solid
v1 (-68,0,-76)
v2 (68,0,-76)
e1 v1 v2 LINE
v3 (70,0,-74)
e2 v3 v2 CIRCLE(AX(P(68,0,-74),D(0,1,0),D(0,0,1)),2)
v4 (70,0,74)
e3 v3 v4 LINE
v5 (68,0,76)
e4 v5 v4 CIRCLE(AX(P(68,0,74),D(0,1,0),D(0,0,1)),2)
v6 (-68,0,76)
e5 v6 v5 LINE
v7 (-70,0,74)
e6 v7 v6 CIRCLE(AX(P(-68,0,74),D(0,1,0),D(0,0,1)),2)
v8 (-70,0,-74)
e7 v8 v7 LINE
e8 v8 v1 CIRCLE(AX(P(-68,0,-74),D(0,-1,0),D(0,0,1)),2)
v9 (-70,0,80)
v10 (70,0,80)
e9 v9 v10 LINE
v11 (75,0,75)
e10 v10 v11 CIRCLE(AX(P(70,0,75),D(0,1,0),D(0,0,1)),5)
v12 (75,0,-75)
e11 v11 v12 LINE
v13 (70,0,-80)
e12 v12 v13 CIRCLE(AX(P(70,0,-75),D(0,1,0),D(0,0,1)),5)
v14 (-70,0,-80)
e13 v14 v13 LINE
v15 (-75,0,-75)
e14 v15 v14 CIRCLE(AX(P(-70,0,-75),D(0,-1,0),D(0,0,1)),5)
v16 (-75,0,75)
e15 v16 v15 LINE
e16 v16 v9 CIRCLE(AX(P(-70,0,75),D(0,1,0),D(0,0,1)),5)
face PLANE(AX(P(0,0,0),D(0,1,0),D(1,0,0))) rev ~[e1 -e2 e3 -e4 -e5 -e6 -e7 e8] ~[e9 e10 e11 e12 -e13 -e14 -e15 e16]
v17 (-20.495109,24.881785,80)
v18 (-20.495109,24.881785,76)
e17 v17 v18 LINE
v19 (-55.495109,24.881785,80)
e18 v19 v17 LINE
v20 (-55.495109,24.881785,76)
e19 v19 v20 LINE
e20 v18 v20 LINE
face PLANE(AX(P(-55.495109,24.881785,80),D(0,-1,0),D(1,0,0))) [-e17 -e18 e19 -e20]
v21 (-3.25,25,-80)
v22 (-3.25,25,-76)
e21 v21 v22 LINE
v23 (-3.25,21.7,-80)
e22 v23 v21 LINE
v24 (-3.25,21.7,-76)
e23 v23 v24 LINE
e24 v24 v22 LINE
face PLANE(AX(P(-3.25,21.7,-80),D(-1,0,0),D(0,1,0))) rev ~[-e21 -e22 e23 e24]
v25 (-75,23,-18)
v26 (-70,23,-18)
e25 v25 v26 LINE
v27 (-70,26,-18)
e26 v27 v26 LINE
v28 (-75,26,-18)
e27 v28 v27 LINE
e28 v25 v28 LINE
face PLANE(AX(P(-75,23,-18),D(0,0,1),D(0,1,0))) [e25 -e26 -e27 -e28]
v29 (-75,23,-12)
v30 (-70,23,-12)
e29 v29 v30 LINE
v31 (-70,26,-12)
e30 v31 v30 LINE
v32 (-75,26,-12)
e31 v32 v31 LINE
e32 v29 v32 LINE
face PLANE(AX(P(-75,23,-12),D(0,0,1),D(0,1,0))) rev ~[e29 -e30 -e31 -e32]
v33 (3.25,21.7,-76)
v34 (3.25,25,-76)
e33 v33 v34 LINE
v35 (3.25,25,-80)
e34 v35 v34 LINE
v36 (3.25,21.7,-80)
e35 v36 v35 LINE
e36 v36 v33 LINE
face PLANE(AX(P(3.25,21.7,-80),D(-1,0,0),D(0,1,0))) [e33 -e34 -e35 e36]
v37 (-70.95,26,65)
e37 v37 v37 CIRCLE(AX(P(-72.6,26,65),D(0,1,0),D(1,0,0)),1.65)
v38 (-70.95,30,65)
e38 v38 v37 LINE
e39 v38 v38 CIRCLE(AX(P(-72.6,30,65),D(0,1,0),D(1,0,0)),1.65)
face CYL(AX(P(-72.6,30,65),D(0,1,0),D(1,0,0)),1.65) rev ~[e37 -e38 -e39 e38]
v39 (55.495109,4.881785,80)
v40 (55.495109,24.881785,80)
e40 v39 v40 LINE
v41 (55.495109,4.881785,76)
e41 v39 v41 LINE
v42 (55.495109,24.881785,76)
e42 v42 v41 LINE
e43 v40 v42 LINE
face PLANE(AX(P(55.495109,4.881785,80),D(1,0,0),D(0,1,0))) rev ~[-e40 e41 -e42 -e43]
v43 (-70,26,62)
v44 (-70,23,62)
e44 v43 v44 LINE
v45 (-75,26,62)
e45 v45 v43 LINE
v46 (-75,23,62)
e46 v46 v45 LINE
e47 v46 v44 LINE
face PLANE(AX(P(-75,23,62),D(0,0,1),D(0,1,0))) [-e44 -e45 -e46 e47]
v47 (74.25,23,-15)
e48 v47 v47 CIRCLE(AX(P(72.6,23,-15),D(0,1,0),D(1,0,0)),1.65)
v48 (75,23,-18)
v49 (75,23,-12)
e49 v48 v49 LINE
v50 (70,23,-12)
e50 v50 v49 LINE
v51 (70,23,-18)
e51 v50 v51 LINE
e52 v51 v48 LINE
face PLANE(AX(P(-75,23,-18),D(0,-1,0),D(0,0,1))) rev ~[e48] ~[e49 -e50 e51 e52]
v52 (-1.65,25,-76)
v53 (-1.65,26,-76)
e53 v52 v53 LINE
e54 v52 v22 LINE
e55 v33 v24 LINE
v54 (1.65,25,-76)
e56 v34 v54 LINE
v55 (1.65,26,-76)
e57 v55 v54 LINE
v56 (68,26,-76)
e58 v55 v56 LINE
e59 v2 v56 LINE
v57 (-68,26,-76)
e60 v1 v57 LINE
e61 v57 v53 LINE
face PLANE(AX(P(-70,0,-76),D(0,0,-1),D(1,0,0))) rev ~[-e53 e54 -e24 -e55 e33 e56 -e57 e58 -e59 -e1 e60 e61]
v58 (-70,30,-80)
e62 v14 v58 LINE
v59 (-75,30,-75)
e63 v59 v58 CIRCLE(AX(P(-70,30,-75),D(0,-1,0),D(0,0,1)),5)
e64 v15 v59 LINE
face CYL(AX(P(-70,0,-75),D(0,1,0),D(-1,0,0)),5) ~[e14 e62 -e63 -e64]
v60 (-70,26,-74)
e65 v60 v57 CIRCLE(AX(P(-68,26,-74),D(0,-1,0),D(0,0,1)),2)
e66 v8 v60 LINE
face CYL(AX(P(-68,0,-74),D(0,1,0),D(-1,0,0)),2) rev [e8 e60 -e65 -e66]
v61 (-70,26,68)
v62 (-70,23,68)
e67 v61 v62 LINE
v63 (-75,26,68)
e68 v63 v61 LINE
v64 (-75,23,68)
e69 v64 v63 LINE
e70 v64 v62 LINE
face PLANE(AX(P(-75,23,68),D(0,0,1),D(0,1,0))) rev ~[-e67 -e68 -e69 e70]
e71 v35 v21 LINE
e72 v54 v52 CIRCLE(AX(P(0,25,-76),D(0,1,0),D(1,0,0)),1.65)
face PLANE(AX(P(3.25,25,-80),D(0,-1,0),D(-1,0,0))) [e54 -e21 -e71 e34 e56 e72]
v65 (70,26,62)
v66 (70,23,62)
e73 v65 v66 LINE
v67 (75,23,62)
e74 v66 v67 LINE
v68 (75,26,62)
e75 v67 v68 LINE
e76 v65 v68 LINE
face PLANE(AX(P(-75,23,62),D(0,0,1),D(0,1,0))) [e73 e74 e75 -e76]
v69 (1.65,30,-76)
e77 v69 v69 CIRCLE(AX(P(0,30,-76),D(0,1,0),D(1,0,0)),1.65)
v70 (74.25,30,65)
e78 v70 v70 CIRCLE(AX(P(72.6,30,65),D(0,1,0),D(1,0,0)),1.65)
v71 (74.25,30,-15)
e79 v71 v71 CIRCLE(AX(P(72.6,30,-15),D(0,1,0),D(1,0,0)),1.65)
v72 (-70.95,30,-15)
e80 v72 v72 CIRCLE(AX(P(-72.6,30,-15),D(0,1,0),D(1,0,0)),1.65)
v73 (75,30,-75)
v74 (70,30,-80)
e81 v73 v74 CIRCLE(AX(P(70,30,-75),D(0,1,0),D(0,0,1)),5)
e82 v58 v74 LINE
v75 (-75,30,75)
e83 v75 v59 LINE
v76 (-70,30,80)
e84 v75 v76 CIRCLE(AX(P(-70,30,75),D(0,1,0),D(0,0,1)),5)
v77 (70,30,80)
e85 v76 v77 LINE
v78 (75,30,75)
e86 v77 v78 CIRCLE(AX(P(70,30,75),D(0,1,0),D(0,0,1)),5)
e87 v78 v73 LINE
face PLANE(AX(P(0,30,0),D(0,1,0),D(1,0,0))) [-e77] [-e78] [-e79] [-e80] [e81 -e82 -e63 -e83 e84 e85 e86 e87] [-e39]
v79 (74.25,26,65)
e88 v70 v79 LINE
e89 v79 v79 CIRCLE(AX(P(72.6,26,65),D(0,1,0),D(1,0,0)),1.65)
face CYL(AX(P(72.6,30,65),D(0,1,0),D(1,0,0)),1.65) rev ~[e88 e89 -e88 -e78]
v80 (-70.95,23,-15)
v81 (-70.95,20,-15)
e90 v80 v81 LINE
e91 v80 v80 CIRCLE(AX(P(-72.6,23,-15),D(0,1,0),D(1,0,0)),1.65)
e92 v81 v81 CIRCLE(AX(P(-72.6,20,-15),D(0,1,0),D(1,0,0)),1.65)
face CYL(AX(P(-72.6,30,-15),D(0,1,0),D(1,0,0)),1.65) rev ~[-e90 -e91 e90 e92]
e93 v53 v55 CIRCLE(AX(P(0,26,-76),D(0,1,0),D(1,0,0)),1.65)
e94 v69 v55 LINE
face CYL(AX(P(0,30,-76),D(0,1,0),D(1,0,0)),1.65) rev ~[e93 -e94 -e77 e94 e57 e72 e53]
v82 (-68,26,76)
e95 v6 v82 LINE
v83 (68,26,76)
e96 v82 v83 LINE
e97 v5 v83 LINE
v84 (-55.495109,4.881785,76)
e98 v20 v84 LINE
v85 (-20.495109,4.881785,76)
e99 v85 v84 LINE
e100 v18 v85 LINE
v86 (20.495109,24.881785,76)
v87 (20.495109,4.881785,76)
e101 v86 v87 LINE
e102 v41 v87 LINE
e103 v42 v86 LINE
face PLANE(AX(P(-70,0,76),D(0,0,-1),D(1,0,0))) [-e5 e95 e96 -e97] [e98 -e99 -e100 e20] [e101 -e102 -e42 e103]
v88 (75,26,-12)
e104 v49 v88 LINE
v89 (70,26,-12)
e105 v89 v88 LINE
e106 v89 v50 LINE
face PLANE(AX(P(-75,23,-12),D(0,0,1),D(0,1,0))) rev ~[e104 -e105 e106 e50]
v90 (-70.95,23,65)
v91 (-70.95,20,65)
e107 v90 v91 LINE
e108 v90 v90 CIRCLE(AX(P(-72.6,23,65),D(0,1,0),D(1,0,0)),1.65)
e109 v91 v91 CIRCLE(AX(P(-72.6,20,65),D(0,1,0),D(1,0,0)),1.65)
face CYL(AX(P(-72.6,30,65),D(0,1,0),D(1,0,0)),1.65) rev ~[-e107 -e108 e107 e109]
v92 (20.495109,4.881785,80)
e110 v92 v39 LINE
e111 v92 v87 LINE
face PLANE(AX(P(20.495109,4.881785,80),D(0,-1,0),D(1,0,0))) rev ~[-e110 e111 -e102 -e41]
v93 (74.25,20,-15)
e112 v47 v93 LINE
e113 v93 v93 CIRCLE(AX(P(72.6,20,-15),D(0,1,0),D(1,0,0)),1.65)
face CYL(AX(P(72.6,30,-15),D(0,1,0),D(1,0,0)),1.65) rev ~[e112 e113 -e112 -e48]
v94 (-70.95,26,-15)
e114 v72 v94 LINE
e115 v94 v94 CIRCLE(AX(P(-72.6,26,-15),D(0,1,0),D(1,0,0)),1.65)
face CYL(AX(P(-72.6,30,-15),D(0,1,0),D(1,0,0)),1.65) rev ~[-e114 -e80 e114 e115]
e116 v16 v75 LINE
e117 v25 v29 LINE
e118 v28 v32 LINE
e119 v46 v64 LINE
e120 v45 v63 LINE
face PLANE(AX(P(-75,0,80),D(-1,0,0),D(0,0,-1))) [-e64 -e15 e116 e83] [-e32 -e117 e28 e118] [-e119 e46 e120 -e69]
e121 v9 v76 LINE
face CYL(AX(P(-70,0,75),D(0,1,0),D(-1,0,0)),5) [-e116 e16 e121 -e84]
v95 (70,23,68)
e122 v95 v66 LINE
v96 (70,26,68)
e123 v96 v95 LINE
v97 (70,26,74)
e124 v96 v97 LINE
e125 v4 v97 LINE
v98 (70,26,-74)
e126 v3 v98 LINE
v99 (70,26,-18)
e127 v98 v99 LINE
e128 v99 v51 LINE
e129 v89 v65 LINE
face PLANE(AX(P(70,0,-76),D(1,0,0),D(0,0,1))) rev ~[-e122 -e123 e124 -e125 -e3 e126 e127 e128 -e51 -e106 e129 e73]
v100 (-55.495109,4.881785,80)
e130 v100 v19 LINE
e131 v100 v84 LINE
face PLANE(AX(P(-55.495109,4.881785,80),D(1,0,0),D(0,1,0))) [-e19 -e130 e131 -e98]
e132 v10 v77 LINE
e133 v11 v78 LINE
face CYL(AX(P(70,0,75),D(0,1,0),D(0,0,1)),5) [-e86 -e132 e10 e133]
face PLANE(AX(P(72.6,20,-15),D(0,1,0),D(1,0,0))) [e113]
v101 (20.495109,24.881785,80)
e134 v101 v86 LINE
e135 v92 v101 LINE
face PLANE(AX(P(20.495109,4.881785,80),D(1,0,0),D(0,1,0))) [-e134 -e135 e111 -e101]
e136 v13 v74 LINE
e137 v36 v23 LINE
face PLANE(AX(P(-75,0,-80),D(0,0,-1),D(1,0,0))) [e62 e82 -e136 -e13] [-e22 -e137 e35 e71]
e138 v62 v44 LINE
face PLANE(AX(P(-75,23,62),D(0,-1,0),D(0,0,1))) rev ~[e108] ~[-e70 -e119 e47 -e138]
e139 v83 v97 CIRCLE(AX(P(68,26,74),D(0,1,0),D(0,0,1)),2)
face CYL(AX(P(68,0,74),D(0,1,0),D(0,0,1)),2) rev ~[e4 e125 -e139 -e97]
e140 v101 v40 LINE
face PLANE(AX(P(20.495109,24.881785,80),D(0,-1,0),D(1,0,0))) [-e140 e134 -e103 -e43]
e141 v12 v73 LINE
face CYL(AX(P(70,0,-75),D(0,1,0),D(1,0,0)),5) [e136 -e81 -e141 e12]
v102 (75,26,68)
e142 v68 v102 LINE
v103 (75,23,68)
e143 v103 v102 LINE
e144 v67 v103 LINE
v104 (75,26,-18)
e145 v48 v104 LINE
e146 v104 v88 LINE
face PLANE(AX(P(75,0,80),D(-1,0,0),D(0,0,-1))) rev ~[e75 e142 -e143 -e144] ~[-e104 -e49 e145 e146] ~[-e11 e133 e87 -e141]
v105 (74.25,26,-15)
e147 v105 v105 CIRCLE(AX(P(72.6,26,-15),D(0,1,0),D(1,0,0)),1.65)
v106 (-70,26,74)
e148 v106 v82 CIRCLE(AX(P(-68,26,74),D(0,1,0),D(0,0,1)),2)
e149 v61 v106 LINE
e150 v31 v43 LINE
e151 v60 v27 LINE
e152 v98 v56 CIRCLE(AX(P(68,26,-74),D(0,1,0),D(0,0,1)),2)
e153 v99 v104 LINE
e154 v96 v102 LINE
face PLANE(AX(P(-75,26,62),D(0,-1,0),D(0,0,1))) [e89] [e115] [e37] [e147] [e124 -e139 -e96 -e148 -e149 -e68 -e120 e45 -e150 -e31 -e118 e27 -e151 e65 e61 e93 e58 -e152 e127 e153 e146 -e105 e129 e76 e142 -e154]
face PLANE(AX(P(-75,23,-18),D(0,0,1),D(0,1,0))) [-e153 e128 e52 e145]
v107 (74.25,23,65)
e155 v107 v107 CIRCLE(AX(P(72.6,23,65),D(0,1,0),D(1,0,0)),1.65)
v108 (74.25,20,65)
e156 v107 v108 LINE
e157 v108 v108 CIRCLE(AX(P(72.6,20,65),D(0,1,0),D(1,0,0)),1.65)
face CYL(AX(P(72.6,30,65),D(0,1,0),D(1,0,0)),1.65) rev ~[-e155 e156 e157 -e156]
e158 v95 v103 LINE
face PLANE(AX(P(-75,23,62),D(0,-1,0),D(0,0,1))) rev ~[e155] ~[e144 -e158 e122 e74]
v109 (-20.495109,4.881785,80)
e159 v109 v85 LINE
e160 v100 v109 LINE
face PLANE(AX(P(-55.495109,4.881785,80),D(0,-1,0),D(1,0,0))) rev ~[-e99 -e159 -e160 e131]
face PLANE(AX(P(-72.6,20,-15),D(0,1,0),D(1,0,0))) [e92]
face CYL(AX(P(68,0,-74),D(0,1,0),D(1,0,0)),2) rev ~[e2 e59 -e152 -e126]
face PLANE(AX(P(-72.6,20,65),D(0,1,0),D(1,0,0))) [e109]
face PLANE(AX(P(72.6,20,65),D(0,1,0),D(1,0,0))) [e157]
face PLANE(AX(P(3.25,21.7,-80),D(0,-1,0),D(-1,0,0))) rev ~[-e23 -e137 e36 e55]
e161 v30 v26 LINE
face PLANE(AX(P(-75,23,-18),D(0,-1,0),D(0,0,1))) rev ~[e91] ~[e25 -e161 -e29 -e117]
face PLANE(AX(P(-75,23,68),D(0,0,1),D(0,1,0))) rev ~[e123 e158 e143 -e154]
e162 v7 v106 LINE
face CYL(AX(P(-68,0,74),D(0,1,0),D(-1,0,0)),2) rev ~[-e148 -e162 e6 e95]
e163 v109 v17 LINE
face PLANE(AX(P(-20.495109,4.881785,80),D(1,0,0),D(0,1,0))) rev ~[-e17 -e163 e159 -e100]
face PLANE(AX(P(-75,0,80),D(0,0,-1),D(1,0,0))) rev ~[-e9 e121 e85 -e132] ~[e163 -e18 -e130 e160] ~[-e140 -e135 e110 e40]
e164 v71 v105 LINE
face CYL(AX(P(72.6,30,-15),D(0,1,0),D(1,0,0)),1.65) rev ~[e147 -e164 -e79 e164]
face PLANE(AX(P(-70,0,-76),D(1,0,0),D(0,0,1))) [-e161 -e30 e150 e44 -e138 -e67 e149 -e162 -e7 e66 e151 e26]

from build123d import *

# Parameters (mm, degrees)
SKETCH_1_W           = 150
SKETCH_1_H           = 160
EXTRUDE_1_DEPTH      = 30
FILLET_1_R           = 5
SKETCH_3_W           = 140
SKETCH_3_H           = 152
CUT_EXTRUDE_2_DEPTH  = 26
SKETCH_9_W           = 6
SKETCH_9_H           = 3
CUT_EXTRUDE_7_DEPTH  = 151
FILLET_2_R           = 2
SKETCH_11_R          = 1.65
CUT_EXTRUDE_8_DEPTH  = 8
SKETCH_12_W          = 6.5
SKETCH_12_H          = 3.3
CUT_EXTRUDE_9_DEPTH  = 15
SKETCH_16_W          = 35
SKETCH_16_H          = 20
CUT_EXTRUDE_12_DEPTH = 40
SKETCH_17_R          = 1.65
CUT_EXTRUDE_13_DEPTH = 10


with BuildPart() as part:
    # 草图1 → 凸台-拉伸1 (new body)
    with BuildSketch(Plane(origin=(0, 0, 0), x_dir=(1, 0, 0), z_dir=(0, 1, 0))):
        Rectangle(SKETCH_1_W, SKETCH_1_H)
    extrude(amount=EXTRUDE_1_DEPTH)

    # 圆角1
    fillet_1_edges = [part.edges().sort_by_distance(p)[0] for p in [
        (75, 15, 80),
        (-75, 15, 80),
        (-75, 15, -80),
        (75, 15, -80),
    ]]
    fillet(fillet_1_edges, radius=FILLET_1_R)

    # 草图3 → 切除-拉伸2 (cut)
    with BuildSketch(Plane.XZ):
        Rectangle(SKETCH_3_W, SKETCH_3_H)
    extrude(amount=-CUT_EXTRUDE_2_DEPTH, mode=Mode.SUBTRACT)

    # 草图9 → 切除-拉伸7 (cut, through all)
    with BuildSketch(Plane.ZY.offset(75)):
        with Locations((65, 24.5)):
            Rectangle(SKETCH_9_W, SKETCH_9_H)
        with Locations((-15, 24.5)):
            Rectangle(SKETCH_9_W, SKETCH_9_H)
    extrude(amount=-CUT_EXTRUDE_7_DEPTH, mode=Mode.SUBTRACT)

    # 圆角2
    fillet_2_edges = [part.edges().sort_by_distance(p)[0] for p in [
        (-70, 13, -76),
        (-70, 13, 76),
        (70, 13, 76),
        (70, 13, -76),
    ]]
    fillet(fillet_2_edges, radius=FILLET_2_R)

    # 草图11 → 切除-拉伸8 (cut)
    with BuildSketch(Plane(origin=(0, 30, 0), x_dir=(1, 0, 0), z_dir=(0, 1, 0))):
        with Locations((0, 76)):
            Circle(SKETCH_11_R)
    extrude(amount=-CUT_EXTRUDE_8_DEPTH, mode=Mode.SUBTRACT)

    # 草图12 → 切除-拉伸9 (cut)
    with BuildSketch(Plane(origin=(0, 0, -80), x_dir=(-1, 0, 0), z_dir=(0, 0, -1))):
        with Locations((0, 23.35)):
            Rectangle(SKETCH_12_W, SKETCH_12_H)
    extrude(amount=-CUT_EXTRUDE_9_DEPTH, mode=Mode.SUBTRACT)

    # 草图16 → 切除-拉伸12 (cut)
    with BuildSketch(Plane.XY.offset(80)):
        with Locations((37.995108753, 14.88178475)):
            Rectangle(SKETCH_16_W, SKETCH_16_H)
        with Locations((-37.995108753, 14.88178475)):
            Rectangle(SKETCH_16_W, SKETCH_16_H)
    extrude(amount=-CUT_EXTRUDE_12_DEPTH, mode=Mode.SUBTRACT)

    # 草图17 → 切除-拉伸13 (cut)
    with BuildSketch(Plane(origin=(0, 30, 0), x_dir=(1, 0, 0), z_dir=(0, 1, 0))):
        with Locations((-72.6, -65)):
            Circle(SKETCH_17_R)
        with Locations((72.6, -65)):
            Circle(SKETCH_17_R)
        with Locations((-72.6, 15)):
            Circle(SKETCH_17_R)
        with Locations((72.6, 15)):
            Circle(SKETCH_17_R)
    extrude(amount=-CUT_EXTRUDE_13_DEPTH, mode=Mode.SUBTRACT)


solid = part.part
